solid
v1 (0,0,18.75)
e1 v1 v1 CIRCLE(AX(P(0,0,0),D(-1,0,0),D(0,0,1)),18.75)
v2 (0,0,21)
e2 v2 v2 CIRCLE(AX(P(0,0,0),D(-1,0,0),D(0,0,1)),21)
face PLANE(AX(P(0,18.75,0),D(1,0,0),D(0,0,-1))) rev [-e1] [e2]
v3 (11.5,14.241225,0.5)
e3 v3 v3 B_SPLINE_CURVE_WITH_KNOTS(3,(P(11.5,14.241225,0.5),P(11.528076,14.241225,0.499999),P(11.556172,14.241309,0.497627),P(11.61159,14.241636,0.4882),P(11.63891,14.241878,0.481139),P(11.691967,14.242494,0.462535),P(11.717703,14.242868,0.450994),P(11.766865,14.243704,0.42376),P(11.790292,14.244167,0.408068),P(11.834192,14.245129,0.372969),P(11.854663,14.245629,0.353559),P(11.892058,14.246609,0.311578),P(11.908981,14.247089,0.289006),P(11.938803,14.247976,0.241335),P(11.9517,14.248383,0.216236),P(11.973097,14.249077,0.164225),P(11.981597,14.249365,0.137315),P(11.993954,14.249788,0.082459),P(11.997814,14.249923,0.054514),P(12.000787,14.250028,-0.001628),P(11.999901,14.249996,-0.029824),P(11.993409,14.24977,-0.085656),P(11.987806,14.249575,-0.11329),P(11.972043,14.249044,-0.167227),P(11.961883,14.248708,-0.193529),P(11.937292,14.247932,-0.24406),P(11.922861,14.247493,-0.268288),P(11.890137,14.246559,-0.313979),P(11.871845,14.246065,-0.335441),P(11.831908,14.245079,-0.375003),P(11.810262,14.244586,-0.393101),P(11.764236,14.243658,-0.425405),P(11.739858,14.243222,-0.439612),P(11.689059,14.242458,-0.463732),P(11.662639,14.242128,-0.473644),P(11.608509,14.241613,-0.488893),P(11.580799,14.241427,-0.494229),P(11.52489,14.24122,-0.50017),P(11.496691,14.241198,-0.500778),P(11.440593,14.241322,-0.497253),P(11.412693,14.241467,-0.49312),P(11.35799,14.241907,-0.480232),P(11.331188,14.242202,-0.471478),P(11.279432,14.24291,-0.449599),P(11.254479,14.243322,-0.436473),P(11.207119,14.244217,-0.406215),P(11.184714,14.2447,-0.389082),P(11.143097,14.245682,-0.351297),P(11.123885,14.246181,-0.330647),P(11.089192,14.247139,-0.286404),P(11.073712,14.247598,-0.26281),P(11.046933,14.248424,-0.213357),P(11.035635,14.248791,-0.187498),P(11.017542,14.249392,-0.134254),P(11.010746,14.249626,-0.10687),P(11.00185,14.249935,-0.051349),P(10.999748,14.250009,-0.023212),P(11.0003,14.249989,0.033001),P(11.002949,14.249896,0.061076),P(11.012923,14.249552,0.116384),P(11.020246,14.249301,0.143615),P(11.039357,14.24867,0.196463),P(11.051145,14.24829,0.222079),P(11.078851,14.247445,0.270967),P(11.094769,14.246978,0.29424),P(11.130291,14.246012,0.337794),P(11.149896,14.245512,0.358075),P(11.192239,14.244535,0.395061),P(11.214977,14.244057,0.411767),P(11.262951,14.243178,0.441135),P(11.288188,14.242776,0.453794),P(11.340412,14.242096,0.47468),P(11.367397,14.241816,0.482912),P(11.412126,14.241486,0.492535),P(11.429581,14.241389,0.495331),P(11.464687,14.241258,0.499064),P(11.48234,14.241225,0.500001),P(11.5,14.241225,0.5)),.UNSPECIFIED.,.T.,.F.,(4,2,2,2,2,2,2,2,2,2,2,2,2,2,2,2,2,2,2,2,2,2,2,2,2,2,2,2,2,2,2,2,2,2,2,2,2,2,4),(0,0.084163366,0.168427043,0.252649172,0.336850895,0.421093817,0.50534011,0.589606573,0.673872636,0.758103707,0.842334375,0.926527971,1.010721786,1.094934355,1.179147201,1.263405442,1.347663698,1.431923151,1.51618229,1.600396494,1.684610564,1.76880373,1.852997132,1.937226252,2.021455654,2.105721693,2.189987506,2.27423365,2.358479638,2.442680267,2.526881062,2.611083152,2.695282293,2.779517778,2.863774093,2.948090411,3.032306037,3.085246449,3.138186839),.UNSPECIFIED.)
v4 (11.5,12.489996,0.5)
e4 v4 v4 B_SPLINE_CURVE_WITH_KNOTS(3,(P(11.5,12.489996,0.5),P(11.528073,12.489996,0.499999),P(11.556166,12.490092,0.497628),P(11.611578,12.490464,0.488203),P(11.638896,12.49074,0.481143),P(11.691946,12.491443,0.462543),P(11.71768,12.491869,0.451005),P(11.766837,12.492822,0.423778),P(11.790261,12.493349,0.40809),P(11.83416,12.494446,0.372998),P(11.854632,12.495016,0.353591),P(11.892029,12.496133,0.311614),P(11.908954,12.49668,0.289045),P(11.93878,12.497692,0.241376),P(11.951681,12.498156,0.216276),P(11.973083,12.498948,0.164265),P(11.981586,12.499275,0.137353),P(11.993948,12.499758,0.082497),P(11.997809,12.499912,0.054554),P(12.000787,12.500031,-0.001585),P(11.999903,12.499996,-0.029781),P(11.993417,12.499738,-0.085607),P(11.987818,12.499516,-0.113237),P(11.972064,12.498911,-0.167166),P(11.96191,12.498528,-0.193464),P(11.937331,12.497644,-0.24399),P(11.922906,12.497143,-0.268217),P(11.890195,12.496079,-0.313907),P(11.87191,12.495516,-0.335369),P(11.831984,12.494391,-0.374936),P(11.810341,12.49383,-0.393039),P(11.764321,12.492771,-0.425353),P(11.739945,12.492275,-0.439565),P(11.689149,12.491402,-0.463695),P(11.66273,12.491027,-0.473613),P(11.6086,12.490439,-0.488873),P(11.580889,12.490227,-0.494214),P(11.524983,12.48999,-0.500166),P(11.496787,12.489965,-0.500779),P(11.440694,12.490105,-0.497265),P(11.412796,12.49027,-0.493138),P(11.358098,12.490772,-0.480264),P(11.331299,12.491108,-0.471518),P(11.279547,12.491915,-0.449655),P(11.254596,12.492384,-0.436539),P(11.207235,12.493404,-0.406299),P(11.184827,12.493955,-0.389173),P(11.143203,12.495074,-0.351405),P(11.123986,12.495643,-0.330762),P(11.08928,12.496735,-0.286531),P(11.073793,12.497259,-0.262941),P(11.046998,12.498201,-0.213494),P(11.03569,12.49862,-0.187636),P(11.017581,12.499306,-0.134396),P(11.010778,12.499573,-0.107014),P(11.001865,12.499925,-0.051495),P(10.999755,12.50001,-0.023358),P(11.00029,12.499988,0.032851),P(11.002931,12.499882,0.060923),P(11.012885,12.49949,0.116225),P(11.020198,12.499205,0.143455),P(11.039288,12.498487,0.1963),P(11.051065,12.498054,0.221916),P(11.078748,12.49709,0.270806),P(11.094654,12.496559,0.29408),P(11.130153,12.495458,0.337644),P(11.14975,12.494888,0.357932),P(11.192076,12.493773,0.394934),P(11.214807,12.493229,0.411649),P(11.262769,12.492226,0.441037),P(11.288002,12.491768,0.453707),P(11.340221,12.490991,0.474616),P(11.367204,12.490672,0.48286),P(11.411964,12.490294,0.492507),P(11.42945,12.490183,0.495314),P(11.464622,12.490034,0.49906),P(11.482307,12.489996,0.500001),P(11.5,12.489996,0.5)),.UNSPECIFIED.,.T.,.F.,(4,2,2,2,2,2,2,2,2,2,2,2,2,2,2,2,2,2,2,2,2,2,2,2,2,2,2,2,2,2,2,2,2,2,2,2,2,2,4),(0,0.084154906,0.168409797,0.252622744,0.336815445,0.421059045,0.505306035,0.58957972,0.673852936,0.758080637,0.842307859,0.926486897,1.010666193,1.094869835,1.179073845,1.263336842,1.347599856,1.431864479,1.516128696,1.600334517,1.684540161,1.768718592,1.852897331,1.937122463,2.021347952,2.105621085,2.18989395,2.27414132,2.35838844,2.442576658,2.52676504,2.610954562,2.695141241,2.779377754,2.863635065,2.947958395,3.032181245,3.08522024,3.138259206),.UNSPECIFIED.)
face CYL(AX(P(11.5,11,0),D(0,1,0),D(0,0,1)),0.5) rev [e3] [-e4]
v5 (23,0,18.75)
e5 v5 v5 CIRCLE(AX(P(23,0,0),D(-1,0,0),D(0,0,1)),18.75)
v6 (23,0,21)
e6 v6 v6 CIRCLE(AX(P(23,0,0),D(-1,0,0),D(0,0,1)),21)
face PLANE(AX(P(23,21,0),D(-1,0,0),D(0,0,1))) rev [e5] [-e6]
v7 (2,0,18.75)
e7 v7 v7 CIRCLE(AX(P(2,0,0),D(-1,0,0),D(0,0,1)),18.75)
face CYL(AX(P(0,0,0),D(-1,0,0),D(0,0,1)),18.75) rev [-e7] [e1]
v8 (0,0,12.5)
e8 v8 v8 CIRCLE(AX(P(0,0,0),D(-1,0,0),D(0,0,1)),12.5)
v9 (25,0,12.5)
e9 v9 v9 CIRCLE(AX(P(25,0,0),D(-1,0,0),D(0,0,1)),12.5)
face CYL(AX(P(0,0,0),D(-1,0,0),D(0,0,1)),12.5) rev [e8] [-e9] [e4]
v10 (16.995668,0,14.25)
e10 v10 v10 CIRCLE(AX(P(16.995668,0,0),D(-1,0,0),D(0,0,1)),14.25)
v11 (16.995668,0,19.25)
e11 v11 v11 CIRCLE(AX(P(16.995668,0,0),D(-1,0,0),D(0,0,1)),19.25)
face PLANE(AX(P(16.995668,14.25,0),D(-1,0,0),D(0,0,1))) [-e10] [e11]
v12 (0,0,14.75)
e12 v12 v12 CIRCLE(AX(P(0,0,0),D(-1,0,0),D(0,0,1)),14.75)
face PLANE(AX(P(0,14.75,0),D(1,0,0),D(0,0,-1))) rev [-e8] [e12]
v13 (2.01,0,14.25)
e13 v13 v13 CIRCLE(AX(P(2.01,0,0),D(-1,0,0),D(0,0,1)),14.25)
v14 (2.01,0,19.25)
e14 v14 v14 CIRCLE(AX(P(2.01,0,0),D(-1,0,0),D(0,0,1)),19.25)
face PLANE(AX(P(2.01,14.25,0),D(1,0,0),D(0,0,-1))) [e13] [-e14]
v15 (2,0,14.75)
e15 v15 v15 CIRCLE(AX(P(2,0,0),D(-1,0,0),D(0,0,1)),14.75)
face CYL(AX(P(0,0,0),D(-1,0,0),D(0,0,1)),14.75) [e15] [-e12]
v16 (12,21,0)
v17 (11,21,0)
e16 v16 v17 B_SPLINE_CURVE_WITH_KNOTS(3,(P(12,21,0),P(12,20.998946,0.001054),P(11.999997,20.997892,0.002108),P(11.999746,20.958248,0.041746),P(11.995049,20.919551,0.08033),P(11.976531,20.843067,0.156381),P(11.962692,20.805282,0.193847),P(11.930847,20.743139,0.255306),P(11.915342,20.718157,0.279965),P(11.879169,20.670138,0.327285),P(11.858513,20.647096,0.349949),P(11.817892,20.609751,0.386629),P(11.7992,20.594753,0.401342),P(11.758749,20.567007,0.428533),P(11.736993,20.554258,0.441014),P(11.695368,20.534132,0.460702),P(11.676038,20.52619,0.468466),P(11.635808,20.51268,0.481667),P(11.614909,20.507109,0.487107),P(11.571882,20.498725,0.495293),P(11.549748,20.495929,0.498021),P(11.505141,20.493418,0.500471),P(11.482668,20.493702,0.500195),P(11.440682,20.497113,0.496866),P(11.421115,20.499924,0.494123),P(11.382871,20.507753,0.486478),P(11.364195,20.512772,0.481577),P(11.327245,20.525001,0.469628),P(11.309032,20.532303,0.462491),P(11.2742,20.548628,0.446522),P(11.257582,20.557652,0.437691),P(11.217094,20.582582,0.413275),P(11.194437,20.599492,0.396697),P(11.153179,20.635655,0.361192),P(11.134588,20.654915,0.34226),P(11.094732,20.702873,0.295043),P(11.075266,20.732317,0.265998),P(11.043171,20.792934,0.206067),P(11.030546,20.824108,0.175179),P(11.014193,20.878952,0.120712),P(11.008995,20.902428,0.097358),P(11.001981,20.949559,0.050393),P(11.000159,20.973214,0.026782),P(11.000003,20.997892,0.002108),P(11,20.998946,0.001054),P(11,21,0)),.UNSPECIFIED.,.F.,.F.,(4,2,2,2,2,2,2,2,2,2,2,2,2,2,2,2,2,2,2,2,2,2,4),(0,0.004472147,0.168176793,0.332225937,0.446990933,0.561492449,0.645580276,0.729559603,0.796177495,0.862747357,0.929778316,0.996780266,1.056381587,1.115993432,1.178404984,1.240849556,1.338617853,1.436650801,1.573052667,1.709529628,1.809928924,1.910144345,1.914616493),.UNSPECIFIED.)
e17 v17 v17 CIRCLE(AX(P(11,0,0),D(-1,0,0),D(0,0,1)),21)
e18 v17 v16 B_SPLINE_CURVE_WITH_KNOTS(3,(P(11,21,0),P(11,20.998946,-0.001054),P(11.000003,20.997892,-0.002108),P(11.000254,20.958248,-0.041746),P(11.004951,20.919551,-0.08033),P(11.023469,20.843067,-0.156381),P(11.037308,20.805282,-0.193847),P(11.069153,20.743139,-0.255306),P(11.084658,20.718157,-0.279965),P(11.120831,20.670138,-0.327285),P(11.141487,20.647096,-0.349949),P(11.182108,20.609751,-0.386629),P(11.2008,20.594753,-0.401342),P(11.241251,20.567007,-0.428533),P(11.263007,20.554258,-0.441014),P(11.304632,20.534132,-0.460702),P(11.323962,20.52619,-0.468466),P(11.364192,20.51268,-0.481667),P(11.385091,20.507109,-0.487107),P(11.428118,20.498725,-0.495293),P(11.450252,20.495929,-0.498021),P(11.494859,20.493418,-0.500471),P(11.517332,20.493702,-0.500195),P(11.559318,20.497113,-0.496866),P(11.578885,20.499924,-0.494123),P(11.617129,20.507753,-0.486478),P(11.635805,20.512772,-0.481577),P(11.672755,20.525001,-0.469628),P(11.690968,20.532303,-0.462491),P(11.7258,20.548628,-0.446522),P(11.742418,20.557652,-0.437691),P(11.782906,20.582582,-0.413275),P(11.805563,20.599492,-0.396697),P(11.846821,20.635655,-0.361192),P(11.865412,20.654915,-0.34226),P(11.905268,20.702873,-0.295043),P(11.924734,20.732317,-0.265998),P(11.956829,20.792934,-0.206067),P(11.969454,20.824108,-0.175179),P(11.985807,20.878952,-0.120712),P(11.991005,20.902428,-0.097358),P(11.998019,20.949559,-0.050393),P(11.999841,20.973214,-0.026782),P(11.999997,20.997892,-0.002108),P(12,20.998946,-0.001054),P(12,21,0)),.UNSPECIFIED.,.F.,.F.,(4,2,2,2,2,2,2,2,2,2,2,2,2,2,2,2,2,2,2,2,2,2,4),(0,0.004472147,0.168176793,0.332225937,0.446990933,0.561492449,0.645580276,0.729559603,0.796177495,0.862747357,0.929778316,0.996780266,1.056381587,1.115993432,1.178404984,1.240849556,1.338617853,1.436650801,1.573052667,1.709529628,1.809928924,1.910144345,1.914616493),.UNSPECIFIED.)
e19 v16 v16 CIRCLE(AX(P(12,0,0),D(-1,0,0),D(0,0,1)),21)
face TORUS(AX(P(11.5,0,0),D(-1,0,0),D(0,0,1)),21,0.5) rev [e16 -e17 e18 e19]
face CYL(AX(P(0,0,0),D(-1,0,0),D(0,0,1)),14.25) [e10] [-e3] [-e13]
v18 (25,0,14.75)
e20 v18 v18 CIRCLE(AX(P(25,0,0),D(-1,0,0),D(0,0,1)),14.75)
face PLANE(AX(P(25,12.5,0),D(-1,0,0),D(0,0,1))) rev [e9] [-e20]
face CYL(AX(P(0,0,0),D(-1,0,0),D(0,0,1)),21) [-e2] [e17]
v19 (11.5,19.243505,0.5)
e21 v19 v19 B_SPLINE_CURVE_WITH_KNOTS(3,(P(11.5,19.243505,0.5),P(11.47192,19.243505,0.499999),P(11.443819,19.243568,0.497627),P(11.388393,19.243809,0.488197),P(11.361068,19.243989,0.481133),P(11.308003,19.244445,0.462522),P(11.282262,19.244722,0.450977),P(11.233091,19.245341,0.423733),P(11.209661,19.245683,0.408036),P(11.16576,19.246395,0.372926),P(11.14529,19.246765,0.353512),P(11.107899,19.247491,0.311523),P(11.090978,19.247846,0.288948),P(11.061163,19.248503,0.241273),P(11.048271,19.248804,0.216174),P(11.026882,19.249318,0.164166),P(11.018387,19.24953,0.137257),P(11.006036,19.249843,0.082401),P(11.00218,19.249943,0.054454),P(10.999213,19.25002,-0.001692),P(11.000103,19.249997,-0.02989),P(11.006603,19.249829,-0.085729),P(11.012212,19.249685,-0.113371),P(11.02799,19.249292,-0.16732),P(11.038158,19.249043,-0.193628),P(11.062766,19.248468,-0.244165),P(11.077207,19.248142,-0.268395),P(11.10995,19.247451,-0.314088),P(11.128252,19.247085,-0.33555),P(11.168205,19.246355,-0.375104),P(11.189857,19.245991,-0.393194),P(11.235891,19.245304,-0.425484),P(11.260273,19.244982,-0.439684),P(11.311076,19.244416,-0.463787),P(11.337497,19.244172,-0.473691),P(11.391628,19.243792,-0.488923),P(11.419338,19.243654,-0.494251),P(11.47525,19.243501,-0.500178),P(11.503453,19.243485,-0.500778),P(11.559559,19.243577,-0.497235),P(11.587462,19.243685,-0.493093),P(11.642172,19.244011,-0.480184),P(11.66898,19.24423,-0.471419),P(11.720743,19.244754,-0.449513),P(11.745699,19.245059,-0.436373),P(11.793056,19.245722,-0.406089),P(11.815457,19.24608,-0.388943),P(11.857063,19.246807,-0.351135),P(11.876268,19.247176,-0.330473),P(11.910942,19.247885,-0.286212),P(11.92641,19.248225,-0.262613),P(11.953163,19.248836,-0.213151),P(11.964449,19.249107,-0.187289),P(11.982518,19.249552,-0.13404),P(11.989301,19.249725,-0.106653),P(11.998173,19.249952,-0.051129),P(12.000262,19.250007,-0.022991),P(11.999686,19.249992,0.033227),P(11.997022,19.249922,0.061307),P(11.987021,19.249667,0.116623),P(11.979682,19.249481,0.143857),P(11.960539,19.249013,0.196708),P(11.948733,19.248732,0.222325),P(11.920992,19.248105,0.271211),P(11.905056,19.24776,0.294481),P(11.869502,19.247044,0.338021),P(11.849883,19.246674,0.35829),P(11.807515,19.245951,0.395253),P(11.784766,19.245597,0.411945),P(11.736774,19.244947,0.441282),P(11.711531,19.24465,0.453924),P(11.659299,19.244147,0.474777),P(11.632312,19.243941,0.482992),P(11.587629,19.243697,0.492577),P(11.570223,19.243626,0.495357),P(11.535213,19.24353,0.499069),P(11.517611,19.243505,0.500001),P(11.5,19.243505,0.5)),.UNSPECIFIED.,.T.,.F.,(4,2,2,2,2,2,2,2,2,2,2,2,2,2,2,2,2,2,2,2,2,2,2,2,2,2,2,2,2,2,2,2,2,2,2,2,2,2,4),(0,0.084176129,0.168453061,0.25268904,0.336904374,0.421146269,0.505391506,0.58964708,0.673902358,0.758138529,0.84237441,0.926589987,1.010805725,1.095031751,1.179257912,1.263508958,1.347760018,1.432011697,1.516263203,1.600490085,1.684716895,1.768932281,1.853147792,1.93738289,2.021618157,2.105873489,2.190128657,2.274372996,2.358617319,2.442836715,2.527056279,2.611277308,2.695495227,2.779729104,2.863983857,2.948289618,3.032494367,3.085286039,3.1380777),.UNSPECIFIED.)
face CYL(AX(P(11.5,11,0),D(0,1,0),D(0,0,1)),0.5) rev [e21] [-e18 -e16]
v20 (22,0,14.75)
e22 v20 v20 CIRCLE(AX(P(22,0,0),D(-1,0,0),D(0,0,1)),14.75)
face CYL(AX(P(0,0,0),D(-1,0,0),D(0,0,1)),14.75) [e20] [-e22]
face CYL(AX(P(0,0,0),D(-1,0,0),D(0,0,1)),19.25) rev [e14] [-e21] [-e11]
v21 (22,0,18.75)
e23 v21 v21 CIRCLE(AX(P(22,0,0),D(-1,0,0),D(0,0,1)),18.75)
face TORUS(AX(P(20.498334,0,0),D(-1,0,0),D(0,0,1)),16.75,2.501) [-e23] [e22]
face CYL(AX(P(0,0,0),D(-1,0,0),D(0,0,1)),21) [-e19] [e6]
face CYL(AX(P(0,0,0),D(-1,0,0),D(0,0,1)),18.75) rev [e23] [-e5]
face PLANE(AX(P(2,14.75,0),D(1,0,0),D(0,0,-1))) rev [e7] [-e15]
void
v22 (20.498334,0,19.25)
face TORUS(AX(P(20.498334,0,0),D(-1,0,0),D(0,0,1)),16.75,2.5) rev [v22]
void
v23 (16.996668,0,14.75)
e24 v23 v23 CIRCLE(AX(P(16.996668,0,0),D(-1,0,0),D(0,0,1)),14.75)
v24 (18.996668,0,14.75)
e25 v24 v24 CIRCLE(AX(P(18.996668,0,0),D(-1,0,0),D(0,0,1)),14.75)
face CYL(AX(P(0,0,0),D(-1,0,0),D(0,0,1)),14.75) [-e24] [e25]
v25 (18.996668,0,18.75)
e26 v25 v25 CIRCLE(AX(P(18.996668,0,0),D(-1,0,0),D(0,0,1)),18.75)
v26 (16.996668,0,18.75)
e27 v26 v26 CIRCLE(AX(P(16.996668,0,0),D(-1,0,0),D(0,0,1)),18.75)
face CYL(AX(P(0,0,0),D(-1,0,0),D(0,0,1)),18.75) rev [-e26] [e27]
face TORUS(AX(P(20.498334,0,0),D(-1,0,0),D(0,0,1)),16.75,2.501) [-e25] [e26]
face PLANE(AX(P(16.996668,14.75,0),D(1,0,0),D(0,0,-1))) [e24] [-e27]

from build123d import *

# Parameters (mm, degrees)
SKIZZE1_R                       = 2.5
SKIZZE1_W                       = 14.985667851
SKIZZE1_H                       = 5
SKIZZE2_R                       = 0.5
SCHNITT_LINEAR_AUSTRAGEN1_DEPTH = 10


with BuildPart() as part:
    # Skizze1 → Rotation1 (revolve)
    with BuildSketch(Plane.XY, mode=Mode.PRIVATE) as rotation1_sk:
        with BuildLine():
            Line((0, 14.75), (0, 12.5))
            Line((0, 12.5), (25, 12.5))
            Line((25, 12.5), (25, 14.75))
            Line((25, 14.75), (22, 14.75))
            ThreePointArc((22, 14.75), (22.999333925, 16.75), (22, 18.75))
            Line((22, 18.75), (23, 18.75))
            Line((23, 18.75), (23, 21))
            Line((23, 21), (12, 21))
            ThreePointArc((12, 21), (11.5, 20.5), (11, 21))
            Line((11, 21), (0, 21))
            Line((0, 21), (0, 18.75))
            Line((0, 18.75), (2, 18.75))
            Line((2, 18.75), (2, 14.75))
            Line((2, 14.75), (0, 14.75))
        make_face()
        with Locations((20.498333925, 16.75)):
            Circle(SKIZZE1_R, mode=Mode.SUBTRACT)
        with BuildLine():
            Line((16.996667851, 14.75), (16.996667851, 18.75))
            Line((16.996667851, 18.75), (18.996667851, 18.75))
            ThreePointArc((18.996667851, 18.75), (17.997333925, 16.75), (18.996667851, 14.75))
            Line((18.996667851, 14.75), (16.996667851, 14.75))
        make_face(mode=Mode.SUBTRACT)
        with Locations((9.502833926, 16.75)):
            Rectangle(SKIZZE1_W, SKIZZE1_H, mode=Mode.SUBTRACT)
    revolve(rotation1_sk.sketch.rotate(Axis((0, 0, 0), (1, 0, 0)), 90), axis=Axis((0, 0, 0), (1, 0, 0)))

    # Skizze2 → Schnitt-Linear austragen1 (cut)
    with BuildSketch(Plane(origin=(0, 21, 0), x_dir=(1, 0, 0), z_dir=(0, 1, 0))):
        with Locations(Location((11.5, 0, 0), (0, 0, 270))):
            Circle(SKIZZE2_R)
    extrude(amount=-SCHNITT_LINEAR_AUSTRAGEN1_DEPTH, mode=Mode.SUBTRACT)


solid = part.part
